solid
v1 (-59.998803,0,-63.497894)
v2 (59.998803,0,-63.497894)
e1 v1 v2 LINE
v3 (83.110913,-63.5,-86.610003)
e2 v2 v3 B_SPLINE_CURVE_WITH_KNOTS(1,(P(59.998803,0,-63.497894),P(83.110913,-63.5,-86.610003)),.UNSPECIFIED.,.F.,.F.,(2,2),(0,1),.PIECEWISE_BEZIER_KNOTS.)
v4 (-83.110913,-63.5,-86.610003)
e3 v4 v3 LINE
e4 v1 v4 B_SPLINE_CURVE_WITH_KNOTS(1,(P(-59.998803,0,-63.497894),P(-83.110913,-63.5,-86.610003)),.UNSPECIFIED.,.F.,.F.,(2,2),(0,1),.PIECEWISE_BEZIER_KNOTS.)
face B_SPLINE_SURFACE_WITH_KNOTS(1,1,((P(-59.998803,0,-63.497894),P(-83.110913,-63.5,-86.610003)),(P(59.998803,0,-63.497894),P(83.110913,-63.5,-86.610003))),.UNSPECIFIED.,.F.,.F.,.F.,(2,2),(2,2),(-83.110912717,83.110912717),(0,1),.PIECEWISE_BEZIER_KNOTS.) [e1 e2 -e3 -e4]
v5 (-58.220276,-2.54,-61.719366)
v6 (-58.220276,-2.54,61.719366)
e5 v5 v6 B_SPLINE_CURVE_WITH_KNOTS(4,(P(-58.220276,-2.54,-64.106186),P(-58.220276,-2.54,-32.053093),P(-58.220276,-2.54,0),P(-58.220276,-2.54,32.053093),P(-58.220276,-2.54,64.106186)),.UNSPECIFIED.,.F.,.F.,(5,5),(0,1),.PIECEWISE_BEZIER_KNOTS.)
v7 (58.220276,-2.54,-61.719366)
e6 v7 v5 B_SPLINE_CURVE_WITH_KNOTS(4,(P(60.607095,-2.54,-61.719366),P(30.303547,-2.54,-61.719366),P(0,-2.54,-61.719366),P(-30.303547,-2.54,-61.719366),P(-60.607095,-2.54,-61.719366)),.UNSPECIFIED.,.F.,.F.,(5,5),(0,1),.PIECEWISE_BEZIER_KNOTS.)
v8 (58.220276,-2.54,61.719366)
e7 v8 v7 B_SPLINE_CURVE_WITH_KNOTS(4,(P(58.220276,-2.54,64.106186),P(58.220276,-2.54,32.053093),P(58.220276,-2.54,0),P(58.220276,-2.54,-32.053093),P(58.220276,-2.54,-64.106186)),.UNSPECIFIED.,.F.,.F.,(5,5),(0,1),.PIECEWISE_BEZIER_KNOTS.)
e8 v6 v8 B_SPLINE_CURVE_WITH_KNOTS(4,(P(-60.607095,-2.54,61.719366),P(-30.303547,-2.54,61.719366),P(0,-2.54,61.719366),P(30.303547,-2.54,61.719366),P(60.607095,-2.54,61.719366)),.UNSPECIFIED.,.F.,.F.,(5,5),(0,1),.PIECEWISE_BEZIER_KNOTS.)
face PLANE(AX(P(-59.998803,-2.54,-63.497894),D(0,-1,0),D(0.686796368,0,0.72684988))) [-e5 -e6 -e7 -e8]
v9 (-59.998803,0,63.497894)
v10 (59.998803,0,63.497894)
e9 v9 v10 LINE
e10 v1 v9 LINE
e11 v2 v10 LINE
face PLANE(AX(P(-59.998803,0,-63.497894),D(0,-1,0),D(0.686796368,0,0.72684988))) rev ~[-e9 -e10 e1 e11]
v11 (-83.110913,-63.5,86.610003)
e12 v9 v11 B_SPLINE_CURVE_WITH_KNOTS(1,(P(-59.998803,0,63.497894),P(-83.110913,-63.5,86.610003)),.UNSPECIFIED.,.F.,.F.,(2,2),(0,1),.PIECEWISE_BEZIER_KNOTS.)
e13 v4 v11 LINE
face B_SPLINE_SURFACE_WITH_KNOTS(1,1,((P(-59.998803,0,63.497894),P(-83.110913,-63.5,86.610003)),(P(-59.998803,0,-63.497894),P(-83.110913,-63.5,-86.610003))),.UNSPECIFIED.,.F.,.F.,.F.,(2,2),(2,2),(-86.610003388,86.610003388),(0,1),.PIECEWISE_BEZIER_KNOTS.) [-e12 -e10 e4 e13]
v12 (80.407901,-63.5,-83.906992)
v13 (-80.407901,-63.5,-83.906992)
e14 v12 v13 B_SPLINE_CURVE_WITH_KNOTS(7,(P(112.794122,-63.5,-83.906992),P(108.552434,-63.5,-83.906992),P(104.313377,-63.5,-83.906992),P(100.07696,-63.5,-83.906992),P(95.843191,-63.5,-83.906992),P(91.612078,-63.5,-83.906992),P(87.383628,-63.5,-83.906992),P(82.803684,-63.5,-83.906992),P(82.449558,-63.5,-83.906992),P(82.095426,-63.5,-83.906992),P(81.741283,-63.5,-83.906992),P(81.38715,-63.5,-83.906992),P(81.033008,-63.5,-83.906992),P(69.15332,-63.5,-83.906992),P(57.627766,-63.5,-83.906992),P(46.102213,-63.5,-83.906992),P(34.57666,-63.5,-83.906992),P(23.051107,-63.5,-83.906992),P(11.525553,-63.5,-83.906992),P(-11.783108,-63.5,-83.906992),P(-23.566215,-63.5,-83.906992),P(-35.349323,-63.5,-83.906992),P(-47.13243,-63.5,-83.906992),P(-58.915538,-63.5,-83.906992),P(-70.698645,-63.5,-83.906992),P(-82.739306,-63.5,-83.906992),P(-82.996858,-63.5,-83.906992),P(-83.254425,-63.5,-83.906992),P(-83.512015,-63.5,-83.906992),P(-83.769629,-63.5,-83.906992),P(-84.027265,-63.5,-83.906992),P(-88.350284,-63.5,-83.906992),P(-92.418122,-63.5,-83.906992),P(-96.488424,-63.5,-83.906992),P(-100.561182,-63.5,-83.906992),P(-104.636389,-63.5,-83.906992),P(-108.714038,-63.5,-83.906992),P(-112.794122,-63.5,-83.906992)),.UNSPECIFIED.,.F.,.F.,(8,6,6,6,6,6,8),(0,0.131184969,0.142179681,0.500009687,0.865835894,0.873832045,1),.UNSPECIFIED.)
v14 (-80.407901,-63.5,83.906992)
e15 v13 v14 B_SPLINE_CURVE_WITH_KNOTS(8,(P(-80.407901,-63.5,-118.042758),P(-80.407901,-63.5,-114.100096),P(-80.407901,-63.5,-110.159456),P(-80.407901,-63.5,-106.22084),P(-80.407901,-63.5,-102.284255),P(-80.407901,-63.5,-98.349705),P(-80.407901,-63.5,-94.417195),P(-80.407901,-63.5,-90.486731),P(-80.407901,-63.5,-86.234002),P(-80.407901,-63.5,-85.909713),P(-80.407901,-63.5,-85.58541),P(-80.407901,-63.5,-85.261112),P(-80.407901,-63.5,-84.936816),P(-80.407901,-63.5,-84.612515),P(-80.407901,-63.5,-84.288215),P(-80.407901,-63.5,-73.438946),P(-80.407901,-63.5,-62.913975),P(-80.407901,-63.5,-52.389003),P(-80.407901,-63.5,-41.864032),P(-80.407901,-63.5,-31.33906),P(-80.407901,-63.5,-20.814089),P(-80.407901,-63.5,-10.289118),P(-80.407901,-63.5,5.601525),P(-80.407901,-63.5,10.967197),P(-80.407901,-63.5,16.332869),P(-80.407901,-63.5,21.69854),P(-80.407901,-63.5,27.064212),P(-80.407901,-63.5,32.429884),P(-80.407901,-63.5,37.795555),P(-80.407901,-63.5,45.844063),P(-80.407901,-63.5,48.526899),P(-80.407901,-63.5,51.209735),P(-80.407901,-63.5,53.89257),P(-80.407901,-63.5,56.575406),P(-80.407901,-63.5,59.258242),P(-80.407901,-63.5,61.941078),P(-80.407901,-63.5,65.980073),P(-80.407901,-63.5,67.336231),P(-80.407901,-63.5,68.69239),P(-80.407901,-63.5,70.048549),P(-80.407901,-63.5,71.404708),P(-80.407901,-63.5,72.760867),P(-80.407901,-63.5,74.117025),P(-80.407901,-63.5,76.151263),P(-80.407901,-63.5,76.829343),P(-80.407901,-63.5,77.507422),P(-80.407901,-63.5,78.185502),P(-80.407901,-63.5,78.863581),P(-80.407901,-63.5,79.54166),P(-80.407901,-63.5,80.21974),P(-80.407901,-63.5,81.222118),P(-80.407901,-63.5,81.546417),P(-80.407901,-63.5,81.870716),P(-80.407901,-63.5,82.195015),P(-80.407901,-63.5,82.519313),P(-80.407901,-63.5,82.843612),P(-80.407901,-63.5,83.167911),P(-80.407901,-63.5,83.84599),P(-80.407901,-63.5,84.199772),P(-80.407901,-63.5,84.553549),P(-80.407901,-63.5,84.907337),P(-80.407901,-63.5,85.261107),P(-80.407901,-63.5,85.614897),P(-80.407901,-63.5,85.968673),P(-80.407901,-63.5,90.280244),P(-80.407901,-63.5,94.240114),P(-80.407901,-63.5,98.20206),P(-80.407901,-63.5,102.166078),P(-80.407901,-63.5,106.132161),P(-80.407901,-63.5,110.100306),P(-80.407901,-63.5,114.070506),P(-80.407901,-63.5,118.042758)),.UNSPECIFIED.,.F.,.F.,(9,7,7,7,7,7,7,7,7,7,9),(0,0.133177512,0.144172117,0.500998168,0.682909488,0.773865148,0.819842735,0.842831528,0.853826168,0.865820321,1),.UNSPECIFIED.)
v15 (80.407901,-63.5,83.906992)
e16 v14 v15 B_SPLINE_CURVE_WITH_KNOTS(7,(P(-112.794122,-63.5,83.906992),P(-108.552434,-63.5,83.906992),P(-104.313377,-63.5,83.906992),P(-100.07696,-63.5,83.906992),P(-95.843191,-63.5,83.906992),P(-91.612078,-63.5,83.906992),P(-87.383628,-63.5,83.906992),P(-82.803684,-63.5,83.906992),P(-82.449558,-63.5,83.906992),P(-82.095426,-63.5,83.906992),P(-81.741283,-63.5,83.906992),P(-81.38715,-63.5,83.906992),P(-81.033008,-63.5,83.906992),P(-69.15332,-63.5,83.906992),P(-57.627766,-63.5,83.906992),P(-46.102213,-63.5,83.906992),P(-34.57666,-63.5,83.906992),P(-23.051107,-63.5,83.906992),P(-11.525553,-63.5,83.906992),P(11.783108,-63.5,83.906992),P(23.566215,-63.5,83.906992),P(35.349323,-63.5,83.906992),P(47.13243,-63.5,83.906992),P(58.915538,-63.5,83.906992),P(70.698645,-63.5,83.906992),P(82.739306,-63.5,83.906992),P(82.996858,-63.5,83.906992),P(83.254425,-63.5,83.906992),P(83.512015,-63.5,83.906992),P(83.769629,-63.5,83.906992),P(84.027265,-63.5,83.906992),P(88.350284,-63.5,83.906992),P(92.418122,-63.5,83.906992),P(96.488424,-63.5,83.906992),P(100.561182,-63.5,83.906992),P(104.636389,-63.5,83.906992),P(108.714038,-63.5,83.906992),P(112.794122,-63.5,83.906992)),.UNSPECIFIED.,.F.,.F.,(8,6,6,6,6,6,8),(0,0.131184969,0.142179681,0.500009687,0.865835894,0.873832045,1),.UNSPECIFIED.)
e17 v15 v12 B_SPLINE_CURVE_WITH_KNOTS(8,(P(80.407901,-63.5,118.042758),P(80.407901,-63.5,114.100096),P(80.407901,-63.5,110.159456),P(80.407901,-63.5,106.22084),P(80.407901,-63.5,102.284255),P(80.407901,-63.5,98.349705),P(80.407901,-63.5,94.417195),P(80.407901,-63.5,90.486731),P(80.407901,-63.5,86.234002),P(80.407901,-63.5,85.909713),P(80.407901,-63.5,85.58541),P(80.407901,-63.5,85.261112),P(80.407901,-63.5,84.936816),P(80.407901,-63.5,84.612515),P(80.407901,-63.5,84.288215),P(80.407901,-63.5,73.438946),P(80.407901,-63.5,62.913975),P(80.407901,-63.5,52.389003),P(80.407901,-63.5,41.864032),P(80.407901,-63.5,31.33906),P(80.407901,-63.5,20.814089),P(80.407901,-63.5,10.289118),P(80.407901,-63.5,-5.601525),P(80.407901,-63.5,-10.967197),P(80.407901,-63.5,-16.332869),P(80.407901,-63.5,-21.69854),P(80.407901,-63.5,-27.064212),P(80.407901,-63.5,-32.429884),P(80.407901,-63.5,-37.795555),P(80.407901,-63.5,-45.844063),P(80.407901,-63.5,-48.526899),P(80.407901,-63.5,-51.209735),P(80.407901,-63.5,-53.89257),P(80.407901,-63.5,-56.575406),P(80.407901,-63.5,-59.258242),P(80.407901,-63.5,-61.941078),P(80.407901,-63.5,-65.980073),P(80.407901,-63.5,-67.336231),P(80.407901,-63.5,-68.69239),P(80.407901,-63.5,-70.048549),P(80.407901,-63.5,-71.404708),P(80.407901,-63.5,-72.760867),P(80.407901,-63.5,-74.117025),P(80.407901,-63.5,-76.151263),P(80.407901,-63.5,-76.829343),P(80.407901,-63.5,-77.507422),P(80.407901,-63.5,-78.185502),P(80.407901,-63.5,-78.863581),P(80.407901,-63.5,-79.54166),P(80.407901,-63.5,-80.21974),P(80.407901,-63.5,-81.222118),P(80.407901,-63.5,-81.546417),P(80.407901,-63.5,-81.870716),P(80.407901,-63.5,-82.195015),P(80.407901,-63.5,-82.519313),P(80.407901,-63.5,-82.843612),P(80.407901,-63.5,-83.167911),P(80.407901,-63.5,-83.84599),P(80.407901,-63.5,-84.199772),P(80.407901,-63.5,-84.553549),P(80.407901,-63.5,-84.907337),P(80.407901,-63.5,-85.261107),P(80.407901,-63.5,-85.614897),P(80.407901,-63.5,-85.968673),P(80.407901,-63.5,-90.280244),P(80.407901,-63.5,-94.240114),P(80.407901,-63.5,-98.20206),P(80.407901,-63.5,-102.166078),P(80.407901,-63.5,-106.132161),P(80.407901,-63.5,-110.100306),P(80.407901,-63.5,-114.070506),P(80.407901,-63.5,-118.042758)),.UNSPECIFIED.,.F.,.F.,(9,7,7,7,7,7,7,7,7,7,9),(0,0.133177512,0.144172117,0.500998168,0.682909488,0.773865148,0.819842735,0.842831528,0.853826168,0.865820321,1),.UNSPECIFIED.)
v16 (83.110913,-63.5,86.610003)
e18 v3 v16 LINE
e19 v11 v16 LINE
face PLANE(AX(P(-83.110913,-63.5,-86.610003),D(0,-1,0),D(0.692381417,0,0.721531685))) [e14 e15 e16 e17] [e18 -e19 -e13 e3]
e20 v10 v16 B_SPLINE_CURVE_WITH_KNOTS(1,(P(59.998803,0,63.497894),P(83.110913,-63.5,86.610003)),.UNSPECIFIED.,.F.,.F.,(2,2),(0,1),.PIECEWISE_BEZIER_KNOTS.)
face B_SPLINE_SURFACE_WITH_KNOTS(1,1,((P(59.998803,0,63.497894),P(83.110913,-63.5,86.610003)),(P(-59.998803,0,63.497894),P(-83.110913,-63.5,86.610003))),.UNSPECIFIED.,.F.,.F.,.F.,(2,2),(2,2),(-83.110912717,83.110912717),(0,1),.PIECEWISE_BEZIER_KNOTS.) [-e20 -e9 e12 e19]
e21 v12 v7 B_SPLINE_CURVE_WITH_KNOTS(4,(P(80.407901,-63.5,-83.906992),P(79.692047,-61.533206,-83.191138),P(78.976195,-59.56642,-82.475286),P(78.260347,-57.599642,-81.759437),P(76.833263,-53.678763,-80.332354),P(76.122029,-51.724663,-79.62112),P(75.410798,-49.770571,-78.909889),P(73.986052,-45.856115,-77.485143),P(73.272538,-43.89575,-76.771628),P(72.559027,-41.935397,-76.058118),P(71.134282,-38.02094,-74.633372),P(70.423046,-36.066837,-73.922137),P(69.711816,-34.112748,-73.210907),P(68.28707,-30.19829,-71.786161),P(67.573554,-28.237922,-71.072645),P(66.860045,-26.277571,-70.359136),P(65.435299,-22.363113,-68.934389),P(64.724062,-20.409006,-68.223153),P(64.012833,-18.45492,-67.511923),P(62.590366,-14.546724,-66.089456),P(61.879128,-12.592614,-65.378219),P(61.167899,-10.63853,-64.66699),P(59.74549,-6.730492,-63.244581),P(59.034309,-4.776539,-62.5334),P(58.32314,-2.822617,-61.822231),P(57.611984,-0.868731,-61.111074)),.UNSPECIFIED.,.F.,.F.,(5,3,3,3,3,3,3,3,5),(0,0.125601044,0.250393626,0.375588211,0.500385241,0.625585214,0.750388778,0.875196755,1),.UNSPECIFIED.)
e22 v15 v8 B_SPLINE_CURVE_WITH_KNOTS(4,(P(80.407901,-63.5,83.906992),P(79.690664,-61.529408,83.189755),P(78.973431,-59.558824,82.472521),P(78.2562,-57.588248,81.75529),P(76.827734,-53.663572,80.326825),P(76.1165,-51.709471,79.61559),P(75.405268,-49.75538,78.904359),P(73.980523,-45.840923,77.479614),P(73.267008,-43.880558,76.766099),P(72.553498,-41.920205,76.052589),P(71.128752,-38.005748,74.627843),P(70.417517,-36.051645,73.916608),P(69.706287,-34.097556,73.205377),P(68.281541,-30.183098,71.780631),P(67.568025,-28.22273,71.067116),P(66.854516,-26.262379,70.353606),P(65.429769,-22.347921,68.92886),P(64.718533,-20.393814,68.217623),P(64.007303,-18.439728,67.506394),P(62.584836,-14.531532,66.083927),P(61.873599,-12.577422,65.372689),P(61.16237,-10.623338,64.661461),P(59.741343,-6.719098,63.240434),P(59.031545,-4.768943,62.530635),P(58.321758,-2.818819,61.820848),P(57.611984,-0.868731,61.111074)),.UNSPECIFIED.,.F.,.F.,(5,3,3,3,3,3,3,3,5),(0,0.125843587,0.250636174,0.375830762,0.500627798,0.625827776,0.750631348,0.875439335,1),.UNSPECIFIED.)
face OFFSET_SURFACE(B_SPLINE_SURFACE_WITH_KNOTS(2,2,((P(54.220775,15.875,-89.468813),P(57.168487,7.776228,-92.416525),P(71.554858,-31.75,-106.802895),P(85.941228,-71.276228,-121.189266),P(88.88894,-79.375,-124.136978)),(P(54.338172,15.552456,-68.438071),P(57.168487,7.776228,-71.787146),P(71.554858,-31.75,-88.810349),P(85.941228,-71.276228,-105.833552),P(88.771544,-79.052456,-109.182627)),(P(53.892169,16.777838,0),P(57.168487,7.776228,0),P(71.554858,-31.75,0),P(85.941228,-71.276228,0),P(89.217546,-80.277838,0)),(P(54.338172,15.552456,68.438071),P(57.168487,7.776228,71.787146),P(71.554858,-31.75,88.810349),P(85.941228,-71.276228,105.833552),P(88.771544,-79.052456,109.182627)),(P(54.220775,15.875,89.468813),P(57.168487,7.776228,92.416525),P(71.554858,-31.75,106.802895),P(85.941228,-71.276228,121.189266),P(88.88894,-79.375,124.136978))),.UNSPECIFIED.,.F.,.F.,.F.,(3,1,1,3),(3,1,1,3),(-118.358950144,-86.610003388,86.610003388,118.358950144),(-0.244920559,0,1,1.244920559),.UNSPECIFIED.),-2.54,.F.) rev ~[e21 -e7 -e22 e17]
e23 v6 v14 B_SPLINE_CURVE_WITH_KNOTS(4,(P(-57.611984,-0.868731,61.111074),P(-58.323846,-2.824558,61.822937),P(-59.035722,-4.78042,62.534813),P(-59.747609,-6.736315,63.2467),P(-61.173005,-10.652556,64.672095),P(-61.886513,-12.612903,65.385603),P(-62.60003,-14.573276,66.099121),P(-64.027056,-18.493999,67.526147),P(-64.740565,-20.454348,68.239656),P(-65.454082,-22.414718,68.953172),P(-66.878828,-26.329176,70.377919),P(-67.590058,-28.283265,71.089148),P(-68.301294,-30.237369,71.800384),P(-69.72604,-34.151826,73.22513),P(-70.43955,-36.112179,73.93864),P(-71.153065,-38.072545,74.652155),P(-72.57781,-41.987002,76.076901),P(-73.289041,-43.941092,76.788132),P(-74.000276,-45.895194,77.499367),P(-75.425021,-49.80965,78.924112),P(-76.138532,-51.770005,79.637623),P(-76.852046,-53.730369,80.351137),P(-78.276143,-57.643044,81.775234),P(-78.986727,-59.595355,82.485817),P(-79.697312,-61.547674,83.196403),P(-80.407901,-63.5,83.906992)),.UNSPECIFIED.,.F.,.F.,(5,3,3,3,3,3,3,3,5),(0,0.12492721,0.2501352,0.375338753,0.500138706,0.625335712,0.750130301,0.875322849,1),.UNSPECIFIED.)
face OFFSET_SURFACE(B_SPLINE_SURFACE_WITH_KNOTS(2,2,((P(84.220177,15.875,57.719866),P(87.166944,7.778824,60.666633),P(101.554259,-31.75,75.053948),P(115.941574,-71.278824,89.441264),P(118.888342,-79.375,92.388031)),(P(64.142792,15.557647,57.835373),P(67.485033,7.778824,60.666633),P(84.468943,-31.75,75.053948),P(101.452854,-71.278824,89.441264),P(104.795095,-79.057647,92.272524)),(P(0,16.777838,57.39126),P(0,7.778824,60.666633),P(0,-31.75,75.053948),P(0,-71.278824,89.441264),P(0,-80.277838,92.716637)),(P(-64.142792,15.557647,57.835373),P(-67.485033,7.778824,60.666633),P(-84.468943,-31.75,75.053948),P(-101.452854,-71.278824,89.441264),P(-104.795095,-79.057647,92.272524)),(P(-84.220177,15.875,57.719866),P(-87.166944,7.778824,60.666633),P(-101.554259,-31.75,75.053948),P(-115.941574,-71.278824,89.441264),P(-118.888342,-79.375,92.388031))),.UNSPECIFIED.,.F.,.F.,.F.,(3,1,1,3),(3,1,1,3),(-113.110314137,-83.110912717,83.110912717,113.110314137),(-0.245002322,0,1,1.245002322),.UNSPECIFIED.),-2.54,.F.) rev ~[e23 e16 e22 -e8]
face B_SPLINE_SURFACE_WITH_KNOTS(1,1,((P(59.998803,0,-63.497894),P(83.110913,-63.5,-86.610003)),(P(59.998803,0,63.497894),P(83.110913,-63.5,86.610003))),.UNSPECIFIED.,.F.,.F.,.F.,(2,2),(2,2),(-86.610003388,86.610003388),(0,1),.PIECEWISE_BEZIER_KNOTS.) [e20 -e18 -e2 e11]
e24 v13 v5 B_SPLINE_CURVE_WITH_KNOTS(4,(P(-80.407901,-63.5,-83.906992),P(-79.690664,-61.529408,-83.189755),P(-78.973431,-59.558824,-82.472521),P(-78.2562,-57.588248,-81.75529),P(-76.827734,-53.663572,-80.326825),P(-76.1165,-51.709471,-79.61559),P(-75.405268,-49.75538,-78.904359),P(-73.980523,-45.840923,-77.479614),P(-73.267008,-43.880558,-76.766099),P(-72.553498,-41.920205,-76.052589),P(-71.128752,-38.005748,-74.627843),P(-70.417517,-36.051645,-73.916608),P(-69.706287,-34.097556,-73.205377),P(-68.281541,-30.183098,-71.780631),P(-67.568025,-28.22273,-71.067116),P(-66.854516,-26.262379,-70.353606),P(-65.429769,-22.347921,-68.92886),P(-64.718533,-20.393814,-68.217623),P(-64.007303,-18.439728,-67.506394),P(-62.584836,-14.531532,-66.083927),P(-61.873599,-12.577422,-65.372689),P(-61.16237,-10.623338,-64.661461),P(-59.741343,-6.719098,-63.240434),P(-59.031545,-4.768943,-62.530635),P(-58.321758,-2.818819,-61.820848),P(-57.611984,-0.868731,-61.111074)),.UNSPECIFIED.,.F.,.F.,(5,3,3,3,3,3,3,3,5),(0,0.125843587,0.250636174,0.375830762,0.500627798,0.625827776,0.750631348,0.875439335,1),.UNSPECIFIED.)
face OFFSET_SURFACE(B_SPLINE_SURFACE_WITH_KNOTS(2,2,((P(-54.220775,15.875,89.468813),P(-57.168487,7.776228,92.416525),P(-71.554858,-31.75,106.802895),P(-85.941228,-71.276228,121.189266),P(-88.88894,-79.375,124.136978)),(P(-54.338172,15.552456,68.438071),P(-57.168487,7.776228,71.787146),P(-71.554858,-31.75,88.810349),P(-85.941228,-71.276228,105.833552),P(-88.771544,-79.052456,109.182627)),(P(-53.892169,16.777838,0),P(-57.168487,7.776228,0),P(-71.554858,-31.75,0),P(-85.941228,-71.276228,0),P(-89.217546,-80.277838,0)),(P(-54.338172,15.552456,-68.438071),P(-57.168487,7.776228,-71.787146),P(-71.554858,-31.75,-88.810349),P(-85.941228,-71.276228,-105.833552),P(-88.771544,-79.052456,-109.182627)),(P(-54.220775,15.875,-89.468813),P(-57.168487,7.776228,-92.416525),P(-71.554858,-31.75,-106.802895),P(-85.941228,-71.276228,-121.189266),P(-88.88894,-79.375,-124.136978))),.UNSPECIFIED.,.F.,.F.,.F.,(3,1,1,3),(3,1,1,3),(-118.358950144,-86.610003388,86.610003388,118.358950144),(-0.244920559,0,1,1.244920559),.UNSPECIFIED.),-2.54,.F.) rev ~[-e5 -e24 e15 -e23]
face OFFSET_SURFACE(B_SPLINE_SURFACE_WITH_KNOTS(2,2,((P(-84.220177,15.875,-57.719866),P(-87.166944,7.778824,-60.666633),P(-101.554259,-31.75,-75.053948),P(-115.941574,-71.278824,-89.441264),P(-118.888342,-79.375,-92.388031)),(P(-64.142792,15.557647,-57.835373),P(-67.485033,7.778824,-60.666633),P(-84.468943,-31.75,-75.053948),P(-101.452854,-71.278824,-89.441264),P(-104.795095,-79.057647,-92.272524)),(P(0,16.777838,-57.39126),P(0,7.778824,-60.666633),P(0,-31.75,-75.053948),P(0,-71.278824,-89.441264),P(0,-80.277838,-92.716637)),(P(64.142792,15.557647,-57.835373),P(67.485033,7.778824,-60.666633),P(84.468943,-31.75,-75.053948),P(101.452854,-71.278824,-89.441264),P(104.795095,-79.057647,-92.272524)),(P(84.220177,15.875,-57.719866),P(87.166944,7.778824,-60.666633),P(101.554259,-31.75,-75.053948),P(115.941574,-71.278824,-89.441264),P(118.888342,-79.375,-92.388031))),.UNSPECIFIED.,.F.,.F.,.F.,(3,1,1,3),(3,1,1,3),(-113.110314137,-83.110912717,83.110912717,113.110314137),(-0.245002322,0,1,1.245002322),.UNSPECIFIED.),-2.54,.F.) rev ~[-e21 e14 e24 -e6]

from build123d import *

# Parameters (mm, degrees)
F0_W     = 119.9976056814
F0_H     = 126.9957870245
F1_DEPTH = 63.5
F1_TAPER = -20
F2_T     = -2.54


with BuildPart() as f1:
    # F0 (on Front) → F1 (new body)
    with BuildSketch(Plane.XZ):
        Rectangle(F0_W, F0_H)
    extrude(amount=F1_DEPTH, taper=F1_TAPER)

    # F2
    f2_openings = [f1.faces().sort_by_distance(p)[0] for p in [
        (0, -63.5, 0),
    ]]
    offset(amount=F2_T, openings=f2_openings)


solid = f1.part
